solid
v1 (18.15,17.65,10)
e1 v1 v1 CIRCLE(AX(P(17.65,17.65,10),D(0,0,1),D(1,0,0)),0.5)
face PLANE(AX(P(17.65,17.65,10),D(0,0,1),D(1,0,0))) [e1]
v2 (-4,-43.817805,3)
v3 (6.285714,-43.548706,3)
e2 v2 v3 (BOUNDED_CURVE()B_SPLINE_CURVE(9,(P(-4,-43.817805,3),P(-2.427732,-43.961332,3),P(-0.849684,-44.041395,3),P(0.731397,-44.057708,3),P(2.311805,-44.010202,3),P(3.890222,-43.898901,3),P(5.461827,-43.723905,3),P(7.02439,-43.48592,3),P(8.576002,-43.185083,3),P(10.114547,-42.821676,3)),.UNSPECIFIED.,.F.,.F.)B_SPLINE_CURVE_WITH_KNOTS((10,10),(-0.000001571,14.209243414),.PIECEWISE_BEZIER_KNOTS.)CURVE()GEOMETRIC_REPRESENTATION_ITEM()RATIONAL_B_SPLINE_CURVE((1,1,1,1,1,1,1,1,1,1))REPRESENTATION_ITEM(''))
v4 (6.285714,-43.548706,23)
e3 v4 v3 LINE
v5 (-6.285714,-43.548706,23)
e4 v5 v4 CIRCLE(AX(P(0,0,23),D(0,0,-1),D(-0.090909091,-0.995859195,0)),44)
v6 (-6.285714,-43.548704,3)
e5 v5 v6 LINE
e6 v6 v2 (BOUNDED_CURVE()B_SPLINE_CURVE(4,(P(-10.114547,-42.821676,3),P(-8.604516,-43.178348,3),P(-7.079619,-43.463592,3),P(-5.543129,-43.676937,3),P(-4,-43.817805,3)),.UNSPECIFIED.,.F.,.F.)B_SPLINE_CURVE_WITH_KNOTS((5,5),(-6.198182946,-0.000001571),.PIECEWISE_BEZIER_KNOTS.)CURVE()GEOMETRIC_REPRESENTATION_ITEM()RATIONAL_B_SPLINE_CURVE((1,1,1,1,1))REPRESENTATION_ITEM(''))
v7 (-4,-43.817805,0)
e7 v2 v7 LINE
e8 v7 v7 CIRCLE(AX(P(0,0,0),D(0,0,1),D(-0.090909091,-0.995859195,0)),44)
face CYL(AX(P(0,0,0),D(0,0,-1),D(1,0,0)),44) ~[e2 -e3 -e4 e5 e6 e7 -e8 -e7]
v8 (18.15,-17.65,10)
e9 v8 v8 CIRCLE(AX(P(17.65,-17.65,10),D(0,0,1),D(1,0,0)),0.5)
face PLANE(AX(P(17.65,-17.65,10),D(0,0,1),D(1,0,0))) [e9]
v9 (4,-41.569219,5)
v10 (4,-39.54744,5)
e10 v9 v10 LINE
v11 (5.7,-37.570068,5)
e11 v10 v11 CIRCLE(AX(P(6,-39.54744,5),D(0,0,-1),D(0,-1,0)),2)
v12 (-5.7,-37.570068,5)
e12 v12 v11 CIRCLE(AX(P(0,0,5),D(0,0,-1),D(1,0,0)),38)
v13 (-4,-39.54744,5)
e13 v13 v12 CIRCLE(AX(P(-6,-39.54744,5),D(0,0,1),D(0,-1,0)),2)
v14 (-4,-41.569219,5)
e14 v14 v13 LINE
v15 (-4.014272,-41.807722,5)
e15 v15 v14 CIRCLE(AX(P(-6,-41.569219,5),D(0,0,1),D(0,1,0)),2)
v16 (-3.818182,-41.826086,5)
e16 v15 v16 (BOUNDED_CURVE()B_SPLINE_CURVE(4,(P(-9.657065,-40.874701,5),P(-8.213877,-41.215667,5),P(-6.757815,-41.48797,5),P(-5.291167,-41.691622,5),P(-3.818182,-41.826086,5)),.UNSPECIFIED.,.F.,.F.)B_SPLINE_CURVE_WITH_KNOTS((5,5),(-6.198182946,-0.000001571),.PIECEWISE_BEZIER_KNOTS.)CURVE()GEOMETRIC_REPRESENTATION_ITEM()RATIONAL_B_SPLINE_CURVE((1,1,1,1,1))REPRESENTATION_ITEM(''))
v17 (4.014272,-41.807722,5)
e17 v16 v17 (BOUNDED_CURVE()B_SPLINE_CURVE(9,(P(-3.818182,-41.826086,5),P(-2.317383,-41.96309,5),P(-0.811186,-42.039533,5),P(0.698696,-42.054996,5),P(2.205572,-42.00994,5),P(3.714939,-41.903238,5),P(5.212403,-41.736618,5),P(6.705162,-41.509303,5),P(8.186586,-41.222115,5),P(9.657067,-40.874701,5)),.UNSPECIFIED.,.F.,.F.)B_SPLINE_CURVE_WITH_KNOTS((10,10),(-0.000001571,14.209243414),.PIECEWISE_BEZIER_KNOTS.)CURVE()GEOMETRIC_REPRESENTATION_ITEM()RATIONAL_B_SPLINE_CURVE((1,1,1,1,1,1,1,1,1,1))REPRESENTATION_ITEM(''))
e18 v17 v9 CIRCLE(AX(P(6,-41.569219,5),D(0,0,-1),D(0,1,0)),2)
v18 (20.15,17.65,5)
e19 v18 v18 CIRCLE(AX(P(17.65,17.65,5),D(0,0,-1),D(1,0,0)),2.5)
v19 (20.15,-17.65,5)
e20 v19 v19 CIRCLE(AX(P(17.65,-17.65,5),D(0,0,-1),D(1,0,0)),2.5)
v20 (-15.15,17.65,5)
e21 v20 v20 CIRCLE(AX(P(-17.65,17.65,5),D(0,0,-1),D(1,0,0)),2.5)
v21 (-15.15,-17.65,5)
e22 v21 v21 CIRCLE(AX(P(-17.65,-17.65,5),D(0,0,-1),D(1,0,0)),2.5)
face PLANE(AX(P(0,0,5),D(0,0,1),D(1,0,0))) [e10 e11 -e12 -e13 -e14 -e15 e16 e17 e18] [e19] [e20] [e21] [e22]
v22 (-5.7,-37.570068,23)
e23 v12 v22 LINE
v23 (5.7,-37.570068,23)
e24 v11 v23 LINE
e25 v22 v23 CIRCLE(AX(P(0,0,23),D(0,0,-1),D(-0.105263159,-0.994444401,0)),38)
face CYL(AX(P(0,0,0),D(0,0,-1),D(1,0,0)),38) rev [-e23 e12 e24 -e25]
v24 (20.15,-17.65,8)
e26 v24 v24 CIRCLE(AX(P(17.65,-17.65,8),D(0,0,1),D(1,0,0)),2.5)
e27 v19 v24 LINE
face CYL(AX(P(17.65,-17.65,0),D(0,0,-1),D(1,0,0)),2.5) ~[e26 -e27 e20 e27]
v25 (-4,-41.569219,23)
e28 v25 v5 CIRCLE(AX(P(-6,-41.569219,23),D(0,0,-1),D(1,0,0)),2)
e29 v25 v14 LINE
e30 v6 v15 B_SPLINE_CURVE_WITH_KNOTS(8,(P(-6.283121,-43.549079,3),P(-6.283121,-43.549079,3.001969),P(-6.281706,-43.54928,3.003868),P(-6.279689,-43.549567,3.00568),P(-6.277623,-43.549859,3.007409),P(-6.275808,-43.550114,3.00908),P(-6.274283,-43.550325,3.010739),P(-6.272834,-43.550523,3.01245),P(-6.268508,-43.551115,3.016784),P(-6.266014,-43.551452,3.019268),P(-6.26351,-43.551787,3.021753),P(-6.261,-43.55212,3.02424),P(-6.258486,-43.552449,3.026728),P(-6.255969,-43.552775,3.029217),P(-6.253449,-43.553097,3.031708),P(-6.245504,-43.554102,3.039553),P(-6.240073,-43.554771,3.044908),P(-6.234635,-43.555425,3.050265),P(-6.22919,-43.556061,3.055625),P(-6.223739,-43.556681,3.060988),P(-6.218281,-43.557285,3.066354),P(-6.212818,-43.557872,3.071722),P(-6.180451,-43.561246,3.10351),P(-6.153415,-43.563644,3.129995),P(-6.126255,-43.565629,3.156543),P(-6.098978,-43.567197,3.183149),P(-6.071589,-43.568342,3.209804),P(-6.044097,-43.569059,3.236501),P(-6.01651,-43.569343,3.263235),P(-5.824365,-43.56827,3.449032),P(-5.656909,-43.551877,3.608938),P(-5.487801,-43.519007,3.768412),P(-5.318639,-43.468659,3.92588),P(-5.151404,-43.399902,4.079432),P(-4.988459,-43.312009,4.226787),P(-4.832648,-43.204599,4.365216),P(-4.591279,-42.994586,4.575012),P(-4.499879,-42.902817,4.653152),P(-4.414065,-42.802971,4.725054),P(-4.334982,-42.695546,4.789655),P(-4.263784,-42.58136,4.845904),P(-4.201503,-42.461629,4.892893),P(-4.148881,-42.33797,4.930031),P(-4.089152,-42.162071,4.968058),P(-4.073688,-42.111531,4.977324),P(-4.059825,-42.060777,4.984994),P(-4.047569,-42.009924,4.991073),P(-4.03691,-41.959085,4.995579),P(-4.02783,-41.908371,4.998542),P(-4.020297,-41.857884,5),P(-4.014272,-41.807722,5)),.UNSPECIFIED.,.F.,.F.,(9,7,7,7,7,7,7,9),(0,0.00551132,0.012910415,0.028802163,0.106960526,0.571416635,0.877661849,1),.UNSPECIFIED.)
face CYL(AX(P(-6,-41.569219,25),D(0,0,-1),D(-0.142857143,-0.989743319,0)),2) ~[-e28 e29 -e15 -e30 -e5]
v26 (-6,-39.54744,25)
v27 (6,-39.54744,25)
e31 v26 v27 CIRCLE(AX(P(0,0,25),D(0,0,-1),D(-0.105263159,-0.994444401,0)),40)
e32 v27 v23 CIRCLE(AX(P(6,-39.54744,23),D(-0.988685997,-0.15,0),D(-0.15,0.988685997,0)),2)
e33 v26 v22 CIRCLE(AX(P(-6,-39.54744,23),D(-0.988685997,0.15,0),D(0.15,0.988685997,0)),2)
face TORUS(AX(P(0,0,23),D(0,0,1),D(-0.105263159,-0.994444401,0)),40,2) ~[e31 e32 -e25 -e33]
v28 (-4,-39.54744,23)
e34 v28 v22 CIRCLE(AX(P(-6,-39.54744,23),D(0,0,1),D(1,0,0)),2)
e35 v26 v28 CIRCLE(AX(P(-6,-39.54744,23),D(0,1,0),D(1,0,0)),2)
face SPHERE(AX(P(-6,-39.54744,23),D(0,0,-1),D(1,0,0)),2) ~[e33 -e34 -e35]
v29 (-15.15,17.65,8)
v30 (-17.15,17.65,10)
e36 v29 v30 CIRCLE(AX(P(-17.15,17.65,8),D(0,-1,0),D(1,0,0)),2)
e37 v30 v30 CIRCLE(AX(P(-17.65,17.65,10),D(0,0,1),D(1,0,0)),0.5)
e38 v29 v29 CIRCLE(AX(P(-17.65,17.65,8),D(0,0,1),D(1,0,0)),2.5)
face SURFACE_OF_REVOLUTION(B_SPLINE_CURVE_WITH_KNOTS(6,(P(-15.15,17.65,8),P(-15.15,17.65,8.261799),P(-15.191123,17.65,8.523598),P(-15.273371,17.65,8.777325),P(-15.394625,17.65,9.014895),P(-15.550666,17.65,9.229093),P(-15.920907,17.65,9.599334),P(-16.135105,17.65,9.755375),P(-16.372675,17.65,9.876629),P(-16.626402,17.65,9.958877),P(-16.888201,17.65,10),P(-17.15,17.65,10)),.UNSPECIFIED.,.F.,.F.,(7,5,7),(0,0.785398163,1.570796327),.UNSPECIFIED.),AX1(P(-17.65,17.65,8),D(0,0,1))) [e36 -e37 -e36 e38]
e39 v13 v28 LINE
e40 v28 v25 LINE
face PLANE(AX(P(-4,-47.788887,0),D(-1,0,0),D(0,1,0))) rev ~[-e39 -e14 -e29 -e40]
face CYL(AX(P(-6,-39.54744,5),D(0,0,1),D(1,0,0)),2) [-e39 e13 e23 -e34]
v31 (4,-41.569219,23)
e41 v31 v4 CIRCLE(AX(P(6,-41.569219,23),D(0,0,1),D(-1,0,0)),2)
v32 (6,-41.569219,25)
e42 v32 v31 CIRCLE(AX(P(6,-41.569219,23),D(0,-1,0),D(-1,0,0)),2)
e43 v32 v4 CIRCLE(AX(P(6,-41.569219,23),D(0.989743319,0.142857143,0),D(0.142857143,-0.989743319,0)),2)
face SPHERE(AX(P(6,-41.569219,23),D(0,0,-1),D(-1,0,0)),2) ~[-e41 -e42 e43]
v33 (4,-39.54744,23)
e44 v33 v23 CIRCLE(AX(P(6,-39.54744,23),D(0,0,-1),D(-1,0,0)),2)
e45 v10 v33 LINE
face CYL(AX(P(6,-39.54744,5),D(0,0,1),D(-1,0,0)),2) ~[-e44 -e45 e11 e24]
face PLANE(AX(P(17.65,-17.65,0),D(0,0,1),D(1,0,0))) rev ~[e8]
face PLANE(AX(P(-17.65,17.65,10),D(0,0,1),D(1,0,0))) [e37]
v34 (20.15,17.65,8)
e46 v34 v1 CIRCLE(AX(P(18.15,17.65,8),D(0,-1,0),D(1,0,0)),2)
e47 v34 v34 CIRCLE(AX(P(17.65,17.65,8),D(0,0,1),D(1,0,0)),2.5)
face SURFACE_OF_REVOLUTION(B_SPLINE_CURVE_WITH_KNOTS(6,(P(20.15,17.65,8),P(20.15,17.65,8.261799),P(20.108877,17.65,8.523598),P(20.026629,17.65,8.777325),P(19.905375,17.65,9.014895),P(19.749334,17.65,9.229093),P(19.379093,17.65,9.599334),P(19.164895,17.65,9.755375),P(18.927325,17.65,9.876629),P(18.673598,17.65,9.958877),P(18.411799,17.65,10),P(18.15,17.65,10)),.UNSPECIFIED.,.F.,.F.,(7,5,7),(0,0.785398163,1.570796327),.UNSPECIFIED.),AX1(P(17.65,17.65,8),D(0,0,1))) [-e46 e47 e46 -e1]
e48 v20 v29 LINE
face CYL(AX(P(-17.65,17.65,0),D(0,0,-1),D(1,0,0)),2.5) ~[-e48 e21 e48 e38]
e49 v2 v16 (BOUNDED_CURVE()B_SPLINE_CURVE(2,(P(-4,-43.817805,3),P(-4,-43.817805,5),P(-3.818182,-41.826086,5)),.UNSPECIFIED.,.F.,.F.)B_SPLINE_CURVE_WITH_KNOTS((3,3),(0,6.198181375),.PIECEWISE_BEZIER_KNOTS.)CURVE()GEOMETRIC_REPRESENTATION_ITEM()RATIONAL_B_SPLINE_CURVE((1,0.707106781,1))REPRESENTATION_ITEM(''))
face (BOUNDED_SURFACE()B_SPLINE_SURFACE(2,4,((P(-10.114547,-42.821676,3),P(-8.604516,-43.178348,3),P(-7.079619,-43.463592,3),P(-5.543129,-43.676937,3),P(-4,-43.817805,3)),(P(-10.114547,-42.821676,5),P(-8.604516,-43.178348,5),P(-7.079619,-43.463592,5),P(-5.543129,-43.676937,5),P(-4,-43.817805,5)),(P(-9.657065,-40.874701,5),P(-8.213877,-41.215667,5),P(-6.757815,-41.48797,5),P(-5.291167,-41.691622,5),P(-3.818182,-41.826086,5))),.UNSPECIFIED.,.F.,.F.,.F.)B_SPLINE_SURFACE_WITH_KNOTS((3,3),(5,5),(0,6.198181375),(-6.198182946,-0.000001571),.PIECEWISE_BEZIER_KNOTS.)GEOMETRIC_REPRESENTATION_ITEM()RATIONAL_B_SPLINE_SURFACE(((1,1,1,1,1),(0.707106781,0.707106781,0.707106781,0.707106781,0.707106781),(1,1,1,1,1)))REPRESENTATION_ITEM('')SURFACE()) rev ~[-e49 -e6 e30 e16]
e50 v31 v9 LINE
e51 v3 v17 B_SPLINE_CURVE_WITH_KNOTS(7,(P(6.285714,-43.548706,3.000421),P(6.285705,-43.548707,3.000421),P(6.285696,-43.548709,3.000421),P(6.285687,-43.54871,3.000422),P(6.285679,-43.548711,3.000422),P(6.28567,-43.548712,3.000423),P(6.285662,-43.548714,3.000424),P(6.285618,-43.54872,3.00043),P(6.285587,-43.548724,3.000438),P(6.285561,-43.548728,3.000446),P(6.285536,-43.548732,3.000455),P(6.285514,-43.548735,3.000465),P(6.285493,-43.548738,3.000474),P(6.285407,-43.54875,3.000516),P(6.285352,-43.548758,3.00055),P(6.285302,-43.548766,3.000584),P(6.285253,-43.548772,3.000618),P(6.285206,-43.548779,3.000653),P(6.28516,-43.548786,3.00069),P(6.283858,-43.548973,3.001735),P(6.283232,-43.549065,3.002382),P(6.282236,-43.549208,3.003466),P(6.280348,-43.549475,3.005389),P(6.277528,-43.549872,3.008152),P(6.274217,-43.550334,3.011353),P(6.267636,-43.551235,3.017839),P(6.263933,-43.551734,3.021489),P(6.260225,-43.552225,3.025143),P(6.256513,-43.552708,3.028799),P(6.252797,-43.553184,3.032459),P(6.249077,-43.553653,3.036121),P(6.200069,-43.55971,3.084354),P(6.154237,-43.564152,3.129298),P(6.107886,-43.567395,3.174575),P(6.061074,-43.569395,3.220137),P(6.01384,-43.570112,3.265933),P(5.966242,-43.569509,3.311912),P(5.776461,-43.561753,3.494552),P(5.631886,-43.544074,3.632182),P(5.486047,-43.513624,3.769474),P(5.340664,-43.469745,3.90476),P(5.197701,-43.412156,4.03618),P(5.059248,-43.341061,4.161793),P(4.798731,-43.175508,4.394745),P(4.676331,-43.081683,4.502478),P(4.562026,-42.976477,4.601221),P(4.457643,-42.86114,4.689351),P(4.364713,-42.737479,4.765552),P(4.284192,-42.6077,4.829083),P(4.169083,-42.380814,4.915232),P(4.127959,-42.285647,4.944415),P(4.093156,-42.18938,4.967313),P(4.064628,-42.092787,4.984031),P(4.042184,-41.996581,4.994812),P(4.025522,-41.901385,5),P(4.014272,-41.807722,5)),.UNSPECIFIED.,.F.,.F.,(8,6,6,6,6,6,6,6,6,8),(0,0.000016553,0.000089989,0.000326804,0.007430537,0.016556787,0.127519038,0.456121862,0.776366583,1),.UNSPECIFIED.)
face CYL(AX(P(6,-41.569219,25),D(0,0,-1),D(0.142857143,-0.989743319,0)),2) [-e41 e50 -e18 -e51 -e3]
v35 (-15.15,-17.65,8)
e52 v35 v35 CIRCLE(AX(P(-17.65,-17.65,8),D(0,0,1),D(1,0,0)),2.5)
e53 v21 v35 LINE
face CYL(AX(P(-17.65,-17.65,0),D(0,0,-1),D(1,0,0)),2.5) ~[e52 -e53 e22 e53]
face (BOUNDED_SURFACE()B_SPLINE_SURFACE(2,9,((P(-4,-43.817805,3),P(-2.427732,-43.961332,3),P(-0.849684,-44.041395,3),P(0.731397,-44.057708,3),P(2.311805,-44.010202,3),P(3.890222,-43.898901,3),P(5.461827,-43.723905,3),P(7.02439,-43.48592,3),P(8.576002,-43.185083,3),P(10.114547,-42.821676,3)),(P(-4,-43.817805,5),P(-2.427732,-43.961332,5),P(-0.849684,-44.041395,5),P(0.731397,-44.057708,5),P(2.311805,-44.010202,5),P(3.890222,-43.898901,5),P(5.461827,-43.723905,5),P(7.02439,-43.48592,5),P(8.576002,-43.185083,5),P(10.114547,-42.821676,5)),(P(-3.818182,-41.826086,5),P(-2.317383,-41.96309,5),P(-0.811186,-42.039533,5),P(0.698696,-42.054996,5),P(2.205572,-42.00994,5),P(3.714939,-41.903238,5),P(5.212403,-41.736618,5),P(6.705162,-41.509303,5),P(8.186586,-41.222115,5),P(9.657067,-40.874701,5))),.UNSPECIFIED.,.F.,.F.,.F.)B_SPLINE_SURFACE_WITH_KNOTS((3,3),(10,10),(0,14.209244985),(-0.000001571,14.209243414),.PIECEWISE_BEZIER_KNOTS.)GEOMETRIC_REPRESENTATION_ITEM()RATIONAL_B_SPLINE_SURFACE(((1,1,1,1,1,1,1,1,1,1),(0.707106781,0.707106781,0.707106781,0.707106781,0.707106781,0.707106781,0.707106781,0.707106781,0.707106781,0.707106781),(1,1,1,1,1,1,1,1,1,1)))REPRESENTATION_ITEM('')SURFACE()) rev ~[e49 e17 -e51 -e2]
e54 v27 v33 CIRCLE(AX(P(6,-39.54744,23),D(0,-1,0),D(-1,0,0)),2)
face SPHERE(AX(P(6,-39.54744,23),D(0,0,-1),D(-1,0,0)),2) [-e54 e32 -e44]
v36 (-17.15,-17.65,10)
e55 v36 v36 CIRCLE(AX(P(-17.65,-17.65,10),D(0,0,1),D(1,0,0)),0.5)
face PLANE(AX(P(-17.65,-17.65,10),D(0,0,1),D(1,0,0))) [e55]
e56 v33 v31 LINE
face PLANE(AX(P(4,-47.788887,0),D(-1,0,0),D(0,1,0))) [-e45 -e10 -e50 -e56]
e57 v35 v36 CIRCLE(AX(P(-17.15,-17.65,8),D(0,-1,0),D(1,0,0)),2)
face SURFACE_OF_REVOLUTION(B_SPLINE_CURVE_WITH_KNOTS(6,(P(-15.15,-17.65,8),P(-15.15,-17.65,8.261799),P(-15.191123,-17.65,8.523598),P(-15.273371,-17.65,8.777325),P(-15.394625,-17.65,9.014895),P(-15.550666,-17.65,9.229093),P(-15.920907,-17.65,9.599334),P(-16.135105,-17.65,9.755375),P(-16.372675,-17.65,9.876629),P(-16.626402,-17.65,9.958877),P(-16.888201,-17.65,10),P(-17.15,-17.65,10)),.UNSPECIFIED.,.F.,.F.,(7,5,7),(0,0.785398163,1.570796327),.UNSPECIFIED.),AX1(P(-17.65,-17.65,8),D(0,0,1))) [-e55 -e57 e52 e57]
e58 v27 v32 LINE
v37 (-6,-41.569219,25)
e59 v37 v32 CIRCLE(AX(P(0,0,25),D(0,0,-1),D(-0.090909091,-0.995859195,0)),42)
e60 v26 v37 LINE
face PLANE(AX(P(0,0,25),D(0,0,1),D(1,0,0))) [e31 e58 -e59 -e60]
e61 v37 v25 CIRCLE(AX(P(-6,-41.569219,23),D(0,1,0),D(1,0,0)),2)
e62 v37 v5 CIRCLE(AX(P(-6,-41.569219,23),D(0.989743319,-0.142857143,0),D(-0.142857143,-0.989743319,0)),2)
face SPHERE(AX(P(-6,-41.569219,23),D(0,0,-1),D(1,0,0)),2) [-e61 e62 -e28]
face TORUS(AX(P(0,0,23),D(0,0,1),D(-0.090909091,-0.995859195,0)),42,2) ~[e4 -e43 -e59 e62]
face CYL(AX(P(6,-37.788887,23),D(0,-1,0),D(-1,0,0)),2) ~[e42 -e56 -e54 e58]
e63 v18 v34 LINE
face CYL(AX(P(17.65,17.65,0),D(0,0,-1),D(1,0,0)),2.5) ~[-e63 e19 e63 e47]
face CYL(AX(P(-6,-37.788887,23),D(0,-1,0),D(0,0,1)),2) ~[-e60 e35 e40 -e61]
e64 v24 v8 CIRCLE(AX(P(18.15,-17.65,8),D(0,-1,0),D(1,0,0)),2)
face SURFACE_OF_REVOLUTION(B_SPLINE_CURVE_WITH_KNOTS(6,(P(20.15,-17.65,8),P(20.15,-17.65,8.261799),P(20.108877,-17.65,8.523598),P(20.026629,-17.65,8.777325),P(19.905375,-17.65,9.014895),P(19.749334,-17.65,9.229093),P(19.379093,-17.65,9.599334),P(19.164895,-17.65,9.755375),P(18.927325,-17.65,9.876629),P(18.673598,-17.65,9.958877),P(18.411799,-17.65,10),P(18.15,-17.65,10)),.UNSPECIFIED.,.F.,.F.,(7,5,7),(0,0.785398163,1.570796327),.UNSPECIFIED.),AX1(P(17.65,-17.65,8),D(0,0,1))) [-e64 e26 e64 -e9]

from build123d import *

# Parameters (mm, degrees)
F0_R     = 44
F0_R_2   = 38
F1_DEPTH = 25
F2_W     = 8
F2_H     = 10
F3_DEPTH = 25.001
F5_R     = 44
F6_DEPTH = 5
F4_R     = 2.5
F7_DEPTH = 10
F8_R     = 2


with BuildPart() as f1:
    # F0 (on Top) → F1 (new body)
    with BuildSketch(Plane.XY):
        Circle(F0_R)
        Circle(F0_R_2, mode=Mode.SUBTRACT)
    extrude(amount=F1_DEPTH)

    # F2 (on Top) → F3 (cut, through all)
    with BuildSketch(Plane.XY):
        with Locations((0, -42.788887)):
            Rectangle(F2_W, F2_H)
    extrude(amount=F3_DEPTH, mode=Mode.SUBTRACT)

    # F5 (on Top) → F6 (join)
    with BuildSketch(Plane.XY):
        Circle(F5_R)
    extrude(amount=F6_DEPTH)

    # F4 (on Top) → F7 (join)
    with BuildSketch(Plane.XY):
        with Locations((17.65, -17.65)):
            Circle(F4_R)
        with Locations((17.65, 17.65)):
            Circle(F4_R)
        with Locations((-17.65, 17.65)):
            Circle(F4_R)
        with Locations((-17.65, -17.65)):
            Circle(F4_R)
    extrude(amount=F7_DEPTH)

    # F8
    f8_edges = [f1.edges().sort_by_distance(p)[0] for p in [
        (0, -44, 5),
        (4, -43.817805, 15),
        (-4, -43.817805, 15),
        (4, -37.788887, 15),
        (-4, -37.788887, 15),
        (15.15, -17.65, 10),
        (-20.15, -17.65, 10),
        (-20.15, 17.65, 10),
        (15.15, 17.65, 10),
        (-4, -40.803346, 25),
        (4, -40.803346, 25),
        (0, 38, 25),
        (0, 44, 25),
    ]]
    fillet(f8_edges, radius=F8_R)


solid = f1.part
